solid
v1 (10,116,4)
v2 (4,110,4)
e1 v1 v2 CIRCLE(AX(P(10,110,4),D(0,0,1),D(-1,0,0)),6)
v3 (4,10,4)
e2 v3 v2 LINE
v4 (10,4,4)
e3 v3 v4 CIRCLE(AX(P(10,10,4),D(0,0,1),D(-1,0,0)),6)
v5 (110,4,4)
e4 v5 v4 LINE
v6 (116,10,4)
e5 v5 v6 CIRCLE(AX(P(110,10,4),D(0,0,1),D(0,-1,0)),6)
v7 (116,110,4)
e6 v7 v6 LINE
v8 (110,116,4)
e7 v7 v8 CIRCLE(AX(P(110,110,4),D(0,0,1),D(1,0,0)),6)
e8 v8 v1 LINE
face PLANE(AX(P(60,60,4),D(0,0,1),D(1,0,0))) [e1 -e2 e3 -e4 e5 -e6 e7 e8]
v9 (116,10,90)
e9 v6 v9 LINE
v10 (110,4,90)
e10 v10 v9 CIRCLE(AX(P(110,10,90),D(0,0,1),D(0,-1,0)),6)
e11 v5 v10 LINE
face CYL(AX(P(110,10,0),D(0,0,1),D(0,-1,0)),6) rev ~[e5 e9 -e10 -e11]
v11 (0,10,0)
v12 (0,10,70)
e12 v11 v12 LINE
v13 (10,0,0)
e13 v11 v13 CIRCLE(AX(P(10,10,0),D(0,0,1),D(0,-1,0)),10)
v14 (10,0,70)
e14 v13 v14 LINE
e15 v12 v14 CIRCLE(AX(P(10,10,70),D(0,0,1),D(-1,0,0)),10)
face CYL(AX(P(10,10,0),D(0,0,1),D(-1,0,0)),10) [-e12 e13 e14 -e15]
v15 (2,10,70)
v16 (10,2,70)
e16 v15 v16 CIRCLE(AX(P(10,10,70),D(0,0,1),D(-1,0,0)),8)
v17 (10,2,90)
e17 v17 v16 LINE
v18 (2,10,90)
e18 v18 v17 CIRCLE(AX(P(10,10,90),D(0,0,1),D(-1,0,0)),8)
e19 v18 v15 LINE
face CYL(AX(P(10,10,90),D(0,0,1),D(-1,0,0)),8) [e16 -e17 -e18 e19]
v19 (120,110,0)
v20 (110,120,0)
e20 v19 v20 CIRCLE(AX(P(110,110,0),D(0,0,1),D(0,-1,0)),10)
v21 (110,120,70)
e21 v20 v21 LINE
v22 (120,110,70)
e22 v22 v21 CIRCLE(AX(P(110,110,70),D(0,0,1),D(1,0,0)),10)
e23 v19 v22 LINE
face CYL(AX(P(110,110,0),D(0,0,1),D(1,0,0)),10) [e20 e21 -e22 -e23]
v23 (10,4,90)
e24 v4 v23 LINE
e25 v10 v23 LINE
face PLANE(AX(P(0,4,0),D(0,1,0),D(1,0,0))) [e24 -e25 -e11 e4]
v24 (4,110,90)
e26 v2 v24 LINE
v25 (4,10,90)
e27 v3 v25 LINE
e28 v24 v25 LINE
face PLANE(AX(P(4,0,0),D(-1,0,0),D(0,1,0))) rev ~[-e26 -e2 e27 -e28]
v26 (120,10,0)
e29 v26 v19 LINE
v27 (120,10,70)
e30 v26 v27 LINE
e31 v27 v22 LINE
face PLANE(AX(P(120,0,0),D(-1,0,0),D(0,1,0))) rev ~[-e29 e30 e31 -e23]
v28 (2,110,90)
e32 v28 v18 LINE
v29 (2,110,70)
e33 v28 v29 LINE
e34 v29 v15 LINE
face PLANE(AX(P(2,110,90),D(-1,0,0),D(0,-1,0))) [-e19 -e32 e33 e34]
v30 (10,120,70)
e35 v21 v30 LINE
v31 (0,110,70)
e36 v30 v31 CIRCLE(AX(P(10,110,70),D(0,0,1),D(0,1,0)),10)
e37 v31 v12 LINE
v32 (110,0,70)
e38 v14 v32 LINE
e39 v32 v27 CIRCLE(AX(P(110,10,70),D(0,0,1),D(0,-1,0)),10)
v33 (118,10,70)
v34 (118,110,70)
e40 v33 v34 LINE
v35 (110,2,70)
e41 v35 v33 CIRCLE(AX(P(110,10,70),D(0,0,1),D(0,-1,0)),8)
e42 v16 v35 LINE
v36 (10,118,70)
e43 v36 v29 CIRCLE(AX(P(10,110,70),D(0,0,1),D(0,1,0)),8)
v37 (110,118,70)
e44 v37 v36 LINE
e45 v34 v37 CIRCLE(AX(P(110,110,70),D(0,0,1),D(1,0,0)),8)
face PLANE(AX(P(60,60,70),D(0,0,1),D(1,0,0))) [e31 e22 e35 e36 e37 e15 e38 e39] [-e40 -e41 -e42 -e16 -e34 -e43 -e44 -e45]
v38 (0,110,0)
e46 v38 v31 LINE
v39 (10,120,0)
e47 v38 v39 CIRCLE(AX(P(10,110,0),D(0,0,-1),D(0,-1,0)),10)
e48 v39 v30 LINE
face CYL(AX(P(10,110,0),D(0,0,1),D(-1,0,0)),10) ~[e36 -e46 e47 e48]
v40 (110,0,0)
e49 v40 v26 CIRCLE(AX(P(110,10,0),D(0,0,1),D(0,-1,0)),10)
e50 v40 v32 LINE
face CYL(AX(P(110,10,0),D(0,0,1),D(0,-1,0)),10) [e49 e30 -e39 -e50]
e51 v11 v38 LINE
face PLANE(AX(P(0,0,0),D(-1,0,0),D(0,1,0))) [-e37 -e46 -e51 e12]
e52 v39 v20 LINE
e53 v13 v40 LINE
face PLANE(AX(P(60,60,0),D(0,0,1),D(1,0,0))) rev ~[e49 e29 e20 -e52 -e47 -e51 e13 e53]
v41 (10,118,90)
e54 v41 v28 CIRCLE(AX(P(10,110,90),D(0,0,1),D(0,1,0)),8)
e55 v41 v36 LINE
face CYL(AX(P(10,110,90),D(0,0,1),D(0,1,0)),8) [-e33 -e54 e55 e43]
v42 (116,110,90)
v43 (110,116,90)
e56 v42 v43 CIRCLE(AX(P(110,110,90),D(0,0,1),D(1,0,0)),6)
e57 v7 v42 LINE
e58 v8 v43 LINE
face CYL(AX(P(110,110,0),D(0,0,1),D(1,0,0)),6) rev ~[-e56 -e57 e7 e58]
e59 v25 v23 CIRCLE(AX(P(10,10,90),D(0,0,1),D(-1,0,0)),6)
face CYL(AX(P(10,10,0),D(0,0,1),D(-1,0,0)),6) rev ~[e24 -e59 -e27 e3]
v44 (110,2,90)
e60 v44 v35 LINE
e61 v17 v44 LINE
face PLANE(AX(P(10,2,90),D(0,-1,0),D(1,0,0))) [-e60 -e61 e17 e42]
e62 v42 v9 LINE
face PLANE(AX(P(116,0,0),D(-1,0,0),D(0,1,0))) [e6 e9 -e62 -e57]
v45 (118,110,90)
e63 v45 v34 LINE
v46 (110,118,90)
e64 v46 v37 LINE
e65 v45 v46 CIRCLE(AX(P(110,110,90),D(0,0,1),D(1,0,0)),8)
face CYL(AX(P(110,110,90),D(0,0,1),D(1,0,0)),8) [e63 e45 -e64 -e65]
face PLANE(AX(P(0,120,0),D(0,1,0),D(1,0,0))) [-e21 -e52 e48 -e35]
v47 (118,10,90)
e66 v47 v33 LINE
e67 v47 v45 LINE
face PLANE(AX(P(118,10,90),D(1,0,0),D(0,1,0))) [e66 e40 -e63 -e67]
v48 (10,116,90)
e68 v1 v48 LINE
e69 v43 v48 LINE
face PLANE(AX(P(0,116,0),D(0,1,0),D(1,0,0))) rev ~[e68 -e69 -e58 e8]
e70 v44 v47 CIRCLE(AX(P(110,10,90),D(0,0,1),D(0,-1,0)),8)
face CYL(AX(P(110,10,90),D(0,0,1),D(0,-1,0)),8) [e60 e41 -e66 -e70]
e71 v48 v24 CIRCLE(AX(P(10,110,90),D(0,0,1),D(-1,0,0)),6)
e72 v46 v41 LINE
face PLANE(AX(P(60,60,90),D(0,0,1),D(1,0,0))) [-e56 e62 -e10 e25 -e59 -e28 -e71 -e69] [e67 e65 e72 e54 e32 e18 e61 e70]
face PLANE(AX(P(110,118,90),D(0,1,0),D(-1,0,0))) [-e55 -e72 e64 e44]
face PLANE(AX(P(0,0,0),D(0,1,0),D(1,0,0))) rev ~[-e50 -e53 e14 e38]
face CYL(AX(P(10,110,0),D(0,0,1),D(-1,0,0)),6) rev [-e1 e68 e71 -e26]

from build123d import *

# Parameters (mm, degrees)
SKETCH1_W           = 1200
SKETCH1_H           = 1200
BOSS_EXTRUDE1_DEPTH = 900
FILLET1_R           = 100
SHELL1_T            = -40
CUT_EXTRUDE2_DEPTH  = 200
SCALE3_SCALE        = 0.1


with BuildPart() as part:
    # Sketch1 → Boss-Extrude1 (new body)
    with BuildSketch(Plane.XY):
        with Locations((600, 600)):
            Rectangle(SKETCH1_W, SKETCH1_H)
    extrude(amount=BOSS_EXTRUDE1_DEPTH)

    # Fillet1
    fillet1_edges = [part.edges().sort_by_distance(p)[0] for p in [
        (0, 1200, 450),
        (1200, 1200, 450),
        (1200, 0, 450),
        (0, 0, 450),
    ]]
    fillet(fillet1_edges, radius=FILLET1_R)

    # Shell1
    shell1_openings = [part.faces().sort_by_distance(p)[0] for p in [
        (600, 600, 900),
    ]]
    offset(amount=SHELL1_T, openings=shell1_openings, kind=Kind.INTERSECTION)

    # Sketch4 → Cut-Extrude2 (cut)
    with BuildSketch(Plane.XY.offset(900)):
        with BuildLine():
            Line((100, 0), (1100, 0))
            ThreePointArc((1100, 0), (1170.710678119, 29.289321881), (1200, 100))
            Line((1200, 100), (1200, 1100))
            ThreePointArc((1200, 1100), (1170.710678119, 1170.710678119), (1100, 1200))
            Line((1100, 1200), (100, 1200))
            ThreePointArc((100, 1200), (29.289321881, 1170.710678119), (0, 1100))
            Line((0, 1100), (0, 100))
            ThreePointArc((0, 100), (29.289321881, 29.289321881), (100, 0))
        make_face()
        with BuildLine():
            Line((100, 20), (1100, 20))
            ThreePointArc((1100, 20), (1156.568542495, 43.431457505), (1180, 100))
            Line((1180, 100), (1180, 1100))
            ThreePointArc((1180, 1100), (1156.568542495, 1156.568542495), (1100, 1180))
            Line((1100, 1180), (100, 1180))
            ThreePointArc((100, 1180), (43.431457505, 1156.568542495), (20, 1100))
            Line((20, 1100), (20, 100))
            ThreePointArc((20, 100), (43.431457505, 43.431457505), (100, 20))
        make_face(mode=Mode.SUBTRACT)
    extrude(amount=-CUT_EXTRUDE2_DEPTH, mode=Mode.SUBTRACT)


with BuildPart() as part_1:
    # Scale3: scaled about (0, 0, 0)
    add(part.part.scale(SCALE3_SCALE))


solid = part_1.part
